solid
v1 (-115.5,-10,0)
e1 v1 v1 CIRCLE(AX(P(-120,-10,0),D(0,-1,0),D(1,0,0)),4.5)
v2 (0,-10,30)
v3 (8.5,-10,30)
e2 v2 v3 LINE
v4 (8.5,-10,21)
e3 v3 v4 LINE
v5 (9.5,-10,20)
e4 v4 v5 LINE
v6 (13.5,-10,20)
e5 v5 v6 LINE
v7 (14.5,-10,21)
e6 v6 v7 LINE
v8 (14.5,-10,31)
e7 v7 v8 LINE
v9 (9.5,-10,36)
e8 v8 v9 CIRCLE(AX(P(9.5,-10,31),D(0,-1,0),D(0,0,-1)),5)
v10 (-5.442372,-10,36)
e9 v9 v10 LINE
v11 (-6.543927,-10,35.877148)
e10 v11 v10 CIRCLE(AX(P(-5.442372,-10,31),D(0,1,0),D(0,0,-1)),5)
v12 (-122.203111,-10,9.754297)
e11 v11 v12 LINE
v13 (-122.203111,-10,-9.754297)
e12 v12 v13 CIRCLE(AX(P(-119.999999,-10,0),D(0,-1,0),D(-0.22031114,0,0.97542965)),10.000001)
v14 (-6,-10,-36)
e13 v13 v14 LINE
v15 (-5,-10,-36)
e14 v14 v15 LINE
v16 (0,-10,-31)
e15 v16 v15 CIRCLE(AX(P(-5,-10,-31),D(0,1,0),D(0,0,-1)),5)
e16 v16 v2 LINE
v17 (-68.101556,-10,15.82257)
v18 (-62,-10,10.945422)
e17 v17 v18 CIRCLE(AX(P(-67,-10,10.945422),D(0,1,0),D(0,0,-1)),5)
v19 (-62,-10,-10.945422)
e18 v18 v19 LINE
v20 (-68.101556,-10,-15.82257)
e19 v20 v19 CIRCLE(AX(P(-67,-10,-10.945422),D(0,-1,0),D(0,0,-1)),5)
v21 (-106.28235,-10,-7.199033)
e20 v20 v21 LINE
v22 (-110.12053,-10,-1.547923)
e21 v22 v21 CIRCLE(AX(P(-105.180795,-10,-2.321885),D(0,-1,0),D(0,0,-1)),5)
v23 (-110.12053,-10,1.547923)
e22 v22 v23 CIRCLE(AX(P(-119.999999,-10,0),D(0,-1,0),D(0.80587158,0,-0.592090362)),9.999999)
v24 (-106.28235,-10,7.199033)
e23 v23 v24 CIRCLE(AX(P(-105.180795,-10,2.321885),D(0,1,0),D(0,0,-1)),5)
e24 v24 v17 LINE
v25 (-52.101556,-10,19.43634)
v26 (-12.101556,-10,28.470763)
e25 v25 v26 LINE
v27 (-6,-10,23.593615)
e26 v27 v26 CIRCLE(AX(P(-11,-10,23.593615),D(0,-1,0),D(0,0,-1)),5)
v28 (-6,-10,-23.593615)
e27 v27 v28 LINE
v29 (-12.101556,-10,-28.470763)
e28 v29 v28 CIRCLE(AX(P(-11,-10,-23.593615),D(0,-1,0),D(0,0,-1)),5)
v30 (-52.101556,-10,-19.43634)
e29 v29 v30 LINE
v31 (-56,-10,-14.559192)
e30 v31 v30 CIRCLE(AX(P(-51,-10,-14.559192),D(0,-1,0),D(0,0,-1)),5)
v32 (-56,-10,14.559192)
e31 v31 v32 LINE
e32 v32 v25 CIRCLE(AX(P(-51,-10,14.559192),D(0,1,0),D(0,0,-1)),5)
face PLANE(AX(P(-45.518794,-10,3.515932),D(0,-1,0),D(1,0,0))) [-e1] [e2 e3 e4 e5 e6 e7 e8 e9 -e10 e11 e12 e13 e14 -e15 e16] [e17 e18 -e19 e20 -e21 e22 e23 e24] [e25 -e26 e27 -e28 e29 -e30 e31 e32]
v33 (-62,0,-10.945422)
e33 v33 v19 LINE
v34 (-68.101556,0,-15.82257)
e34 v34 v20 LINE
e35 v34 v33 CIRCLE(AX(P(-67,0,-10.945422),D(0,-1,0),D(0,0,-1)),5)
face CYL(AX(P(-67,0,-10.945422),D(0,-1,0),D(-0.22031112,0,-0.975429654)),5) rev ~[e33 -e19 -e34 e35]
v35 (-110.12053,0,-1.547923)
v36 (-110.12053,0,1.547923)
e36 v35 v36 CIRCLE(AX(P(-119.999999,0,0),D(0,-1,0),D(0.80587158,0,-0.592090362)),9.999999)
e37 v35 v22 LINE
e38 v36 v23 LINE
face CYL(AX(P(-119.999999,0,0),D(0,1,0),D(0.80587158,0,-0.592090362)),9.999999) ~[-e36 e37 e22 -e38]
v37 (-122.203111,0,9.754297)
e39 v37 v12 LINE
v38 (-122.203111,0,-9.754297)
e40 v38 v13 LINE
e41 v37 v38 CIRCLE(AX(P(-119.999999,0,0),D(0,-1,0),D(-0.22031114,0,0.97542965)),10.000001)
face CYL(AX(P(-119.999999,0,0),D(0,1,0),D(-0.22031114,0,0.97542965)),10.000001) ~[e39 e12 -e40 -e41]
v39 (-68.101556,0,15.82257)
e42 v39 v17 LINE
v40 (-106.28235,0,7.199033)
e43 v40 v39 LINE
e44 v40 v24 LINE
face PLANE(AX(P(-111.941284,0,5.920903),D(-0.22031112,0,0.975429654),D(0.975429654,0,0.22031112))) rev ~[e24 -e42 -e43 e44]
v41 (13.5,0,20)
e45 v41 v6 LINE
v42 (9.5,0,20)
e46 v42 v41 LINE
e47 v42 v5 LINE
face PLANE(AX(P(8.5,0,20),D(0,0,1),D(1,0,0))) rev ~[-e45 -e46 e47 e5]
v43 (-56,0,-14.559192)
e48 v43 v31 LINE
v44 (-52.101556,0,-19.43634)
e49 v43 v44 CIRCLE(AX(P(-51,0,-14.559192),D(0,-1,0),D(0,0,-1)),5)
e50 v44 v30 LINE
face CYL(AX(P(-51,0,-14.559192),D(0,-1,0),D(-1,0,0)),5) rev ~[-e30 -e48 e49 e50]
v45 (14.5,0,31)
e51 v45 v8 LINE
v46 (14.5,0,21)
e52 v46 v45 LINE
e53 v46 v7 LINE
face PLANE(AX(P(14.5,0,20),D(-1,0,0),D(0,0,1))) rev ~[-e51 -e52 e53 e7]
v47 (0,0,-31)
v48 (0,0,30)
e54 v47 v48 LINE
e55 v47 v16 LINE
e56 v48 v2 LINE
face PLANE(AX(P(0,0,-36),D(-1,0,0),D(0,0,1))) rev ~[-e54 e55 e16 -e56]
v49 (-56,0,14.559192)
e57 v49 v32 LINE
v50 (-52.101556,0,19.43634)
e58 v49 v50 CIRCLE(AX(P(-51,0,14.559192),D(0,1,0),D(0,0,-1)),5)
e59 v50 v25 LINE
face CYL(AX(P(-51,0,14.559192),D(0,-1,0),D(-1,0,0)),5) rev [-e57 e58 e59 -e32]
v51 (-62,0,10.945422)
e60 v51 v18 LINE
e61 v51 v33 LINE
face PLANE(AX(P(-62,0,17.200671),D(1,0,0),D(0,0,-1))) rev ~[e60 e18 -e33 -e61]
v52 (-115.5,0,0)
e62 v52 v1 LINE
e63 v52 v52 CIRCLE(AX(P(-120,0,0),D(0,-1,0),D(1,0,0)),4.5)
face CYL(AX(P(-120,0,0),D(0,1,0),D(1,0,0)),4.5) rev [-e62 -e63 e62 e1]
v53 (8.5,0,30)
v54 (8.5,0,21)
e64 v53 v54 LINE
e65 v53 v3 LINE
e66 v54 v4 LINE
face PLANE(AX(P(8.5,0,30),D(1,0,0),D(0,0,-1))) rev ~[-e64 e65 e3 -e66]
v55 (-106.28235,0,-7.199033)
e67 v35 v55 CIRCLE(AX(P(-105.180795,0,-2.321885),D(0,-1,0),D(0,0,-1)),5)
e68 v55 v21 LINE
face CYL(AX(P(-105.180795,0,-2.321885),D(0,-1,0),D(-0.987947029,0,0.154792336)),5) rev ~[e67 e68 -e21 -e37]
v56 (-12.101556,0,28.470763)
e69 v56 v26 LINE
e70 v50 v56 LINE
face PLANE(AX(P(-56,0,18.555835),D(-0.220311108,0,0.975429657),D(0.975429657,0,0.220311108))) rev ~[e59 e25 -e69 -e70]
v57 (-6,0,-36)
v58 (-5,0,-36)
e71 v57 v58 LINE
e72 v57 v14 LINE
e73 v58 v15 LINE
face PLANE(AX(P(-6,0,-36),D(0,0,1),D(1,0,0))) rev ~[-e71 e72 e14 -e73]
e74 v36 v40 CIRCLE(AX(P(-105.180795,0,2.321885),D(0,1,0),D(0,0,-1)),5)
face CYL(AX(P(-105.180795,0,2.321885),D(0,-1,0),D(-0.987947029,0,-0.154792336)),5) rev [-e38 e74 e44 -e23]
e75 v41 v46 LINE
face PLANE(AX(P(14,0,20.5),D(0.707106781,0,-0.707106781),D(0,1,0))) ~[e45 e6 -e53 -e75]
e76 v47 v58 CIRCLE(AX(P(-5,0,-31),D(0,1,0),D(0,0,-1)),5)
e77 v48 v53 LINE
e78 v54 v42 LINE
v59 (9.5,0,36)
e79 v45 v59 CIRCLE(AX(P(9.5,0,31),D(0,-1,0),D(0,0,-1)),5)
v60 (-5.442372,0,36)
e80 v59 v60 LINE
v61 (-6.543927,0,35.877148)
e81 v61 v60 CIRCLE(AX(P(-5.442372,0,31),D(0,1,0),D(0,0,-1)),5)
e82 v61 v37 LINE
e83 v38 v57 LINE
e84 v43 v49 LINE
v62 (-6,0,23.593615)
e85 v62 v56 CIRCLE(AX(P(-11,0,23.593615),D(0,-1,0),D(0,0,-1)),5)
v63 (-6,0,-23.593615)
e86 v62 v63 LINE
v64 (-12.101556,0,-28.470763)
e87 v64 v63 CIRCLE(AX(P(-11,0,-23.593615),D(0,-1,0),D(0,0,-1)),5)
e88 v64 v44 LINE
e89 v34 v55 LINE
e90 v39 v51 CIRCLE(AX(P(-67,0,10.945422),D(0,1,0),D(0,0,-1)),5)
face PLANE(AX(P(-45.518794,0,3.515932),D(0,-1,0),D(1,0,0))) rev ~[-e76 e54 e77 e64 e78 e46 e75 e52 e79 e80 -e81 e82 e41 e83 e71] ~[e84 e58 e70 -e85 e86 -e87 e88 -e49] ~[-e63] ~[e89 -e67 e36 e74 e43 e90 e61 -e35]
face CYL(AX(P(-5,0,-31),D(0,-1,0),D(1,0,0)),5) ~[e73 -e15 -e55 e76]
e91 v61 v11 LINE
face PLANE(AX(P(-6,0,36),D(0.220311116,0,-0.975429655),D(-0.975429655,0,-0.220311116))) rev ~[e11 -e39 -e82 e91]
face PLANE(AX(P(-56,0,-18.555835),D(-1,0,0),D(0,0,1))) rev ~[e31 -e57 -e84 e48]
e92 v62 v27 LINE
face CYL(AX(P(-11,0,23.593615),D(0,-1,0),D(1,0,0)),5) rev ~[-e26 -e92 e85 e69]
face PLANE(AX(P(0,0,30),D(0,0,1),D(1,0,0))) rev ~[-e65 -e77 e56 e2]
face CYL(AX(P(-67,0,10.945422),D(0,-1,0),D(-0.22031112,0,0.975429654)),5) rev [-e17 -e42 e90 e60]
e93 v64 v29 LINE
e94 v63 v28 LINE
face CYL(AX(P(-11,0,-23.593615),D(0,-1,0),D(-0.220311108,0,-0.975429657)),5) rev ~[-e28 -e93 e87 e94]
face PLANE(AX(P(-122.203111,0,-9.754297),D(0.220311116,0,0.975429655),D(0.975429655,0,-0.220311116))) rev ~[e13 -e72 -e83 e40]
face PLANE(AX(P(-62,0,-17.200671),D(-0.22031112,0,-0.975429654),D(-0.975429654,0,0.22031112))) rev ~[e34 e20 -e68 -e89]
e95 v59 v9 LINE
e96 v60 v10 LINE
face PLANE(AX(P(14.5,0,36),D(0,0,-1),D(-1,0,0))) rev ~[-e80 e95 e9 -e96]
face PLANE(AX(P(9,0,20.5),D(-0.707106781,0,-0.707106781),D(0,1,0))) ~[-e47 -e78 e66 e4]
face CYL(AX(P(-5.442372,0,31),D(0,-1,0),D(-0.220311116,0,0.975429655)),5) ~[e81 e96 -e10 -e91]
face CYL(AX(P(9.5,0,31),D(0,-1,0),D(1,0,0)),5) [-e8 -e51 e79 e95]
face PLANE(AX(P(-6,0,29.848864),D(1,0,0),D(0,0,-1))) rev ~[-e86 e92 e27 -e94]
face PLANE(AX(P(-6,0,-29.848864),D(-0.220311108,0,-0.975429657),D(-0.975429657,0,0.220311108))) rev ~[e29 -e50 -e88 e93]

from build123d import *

# Parameters (mm, degrees)
F0_R     = 4.5
F1_DEPTH = 10
F2_R     = 5
F3_SIZE  = 1


with BuildPart() as f1:
    # F0 (on Front) → F1 (new body)
    with BuildSketch(Plane.XZ):
        with BuildLine():
            Line((0, -36), (0, 0))
            Line((0, 0), (0, 30))
            Line((0, 30), (8.5, 30))
            Line((8.5, 30), (8.5, 20))
            Line((8.5, 20), (14.5, 20))
            Line((14.5, 20), (14.5, 36))
            Line((14.5, 36), (8.5, 36))
            Line((8.5, 36), (0, 36))
            Line((0, 36), (-6, 36))
            Line((-6, 36), (-122.203111, 9.754297))
            ThreePointArc((-122.203111, 9.754297), (-130, 0), (-122.203111, -9.754297))
            Line((-122.203111, -9.754297), (-6, -36))
            Line((-6, -36), (0, -36))
        make_face()
        with Locations((-120, 0)):
            Circle(F0_R, mode=Mode.SUBTRACT)
        with BuildLine():
            Line((-111.941284, 5.920903), (-62, 17.200671))
            Line((-62, 17.200671), (-62, -17.200671))
            Line((-62, -17.200671), (-111.941284, -5.920903))
            ThreePointArc((-111.941284, -5.920903), (-110, 0), (-111.941284, 5.920903))
        make_face(mode=Mode.SUBTRACT)
        Polygon((-56, 18.555835), (-6, 29.848864), (-6, -29.848864), (-56, -18.555835), align=None, mode=Mode.SUBTRACT)
    extrude(amount=F1_DEPTH)

    # F2
    f2_edges = [f1.edges().sort_by_distance(p)[0] for p in [
        (-111.941284, -5, -5.920903),
        (-111.941284, -5, 5.920903),
        (-62, -5, -17.200671),
        (-56, -5, 18.555835),
        (-56, -5, -18.555835),
        (-62, -5, 17.200671),
        (-6, -5, 29.848864),
        (-6, -5, -29.848864),
        (14.5, -5, 36),
        (0, -5, -36),
        (-6, -5, 36),
    ]]
    fillet(f2_edges, radius=F2_R)

    # F3
    f3_edges = [f1.edges().sort_by_distance(p)[0] for p in [
        (8.5, -5, 20),
        (14.5, -5, 20),
    ]]
    chamfer(f3_edges, length=F3_SIZE)


solid = f1.part
